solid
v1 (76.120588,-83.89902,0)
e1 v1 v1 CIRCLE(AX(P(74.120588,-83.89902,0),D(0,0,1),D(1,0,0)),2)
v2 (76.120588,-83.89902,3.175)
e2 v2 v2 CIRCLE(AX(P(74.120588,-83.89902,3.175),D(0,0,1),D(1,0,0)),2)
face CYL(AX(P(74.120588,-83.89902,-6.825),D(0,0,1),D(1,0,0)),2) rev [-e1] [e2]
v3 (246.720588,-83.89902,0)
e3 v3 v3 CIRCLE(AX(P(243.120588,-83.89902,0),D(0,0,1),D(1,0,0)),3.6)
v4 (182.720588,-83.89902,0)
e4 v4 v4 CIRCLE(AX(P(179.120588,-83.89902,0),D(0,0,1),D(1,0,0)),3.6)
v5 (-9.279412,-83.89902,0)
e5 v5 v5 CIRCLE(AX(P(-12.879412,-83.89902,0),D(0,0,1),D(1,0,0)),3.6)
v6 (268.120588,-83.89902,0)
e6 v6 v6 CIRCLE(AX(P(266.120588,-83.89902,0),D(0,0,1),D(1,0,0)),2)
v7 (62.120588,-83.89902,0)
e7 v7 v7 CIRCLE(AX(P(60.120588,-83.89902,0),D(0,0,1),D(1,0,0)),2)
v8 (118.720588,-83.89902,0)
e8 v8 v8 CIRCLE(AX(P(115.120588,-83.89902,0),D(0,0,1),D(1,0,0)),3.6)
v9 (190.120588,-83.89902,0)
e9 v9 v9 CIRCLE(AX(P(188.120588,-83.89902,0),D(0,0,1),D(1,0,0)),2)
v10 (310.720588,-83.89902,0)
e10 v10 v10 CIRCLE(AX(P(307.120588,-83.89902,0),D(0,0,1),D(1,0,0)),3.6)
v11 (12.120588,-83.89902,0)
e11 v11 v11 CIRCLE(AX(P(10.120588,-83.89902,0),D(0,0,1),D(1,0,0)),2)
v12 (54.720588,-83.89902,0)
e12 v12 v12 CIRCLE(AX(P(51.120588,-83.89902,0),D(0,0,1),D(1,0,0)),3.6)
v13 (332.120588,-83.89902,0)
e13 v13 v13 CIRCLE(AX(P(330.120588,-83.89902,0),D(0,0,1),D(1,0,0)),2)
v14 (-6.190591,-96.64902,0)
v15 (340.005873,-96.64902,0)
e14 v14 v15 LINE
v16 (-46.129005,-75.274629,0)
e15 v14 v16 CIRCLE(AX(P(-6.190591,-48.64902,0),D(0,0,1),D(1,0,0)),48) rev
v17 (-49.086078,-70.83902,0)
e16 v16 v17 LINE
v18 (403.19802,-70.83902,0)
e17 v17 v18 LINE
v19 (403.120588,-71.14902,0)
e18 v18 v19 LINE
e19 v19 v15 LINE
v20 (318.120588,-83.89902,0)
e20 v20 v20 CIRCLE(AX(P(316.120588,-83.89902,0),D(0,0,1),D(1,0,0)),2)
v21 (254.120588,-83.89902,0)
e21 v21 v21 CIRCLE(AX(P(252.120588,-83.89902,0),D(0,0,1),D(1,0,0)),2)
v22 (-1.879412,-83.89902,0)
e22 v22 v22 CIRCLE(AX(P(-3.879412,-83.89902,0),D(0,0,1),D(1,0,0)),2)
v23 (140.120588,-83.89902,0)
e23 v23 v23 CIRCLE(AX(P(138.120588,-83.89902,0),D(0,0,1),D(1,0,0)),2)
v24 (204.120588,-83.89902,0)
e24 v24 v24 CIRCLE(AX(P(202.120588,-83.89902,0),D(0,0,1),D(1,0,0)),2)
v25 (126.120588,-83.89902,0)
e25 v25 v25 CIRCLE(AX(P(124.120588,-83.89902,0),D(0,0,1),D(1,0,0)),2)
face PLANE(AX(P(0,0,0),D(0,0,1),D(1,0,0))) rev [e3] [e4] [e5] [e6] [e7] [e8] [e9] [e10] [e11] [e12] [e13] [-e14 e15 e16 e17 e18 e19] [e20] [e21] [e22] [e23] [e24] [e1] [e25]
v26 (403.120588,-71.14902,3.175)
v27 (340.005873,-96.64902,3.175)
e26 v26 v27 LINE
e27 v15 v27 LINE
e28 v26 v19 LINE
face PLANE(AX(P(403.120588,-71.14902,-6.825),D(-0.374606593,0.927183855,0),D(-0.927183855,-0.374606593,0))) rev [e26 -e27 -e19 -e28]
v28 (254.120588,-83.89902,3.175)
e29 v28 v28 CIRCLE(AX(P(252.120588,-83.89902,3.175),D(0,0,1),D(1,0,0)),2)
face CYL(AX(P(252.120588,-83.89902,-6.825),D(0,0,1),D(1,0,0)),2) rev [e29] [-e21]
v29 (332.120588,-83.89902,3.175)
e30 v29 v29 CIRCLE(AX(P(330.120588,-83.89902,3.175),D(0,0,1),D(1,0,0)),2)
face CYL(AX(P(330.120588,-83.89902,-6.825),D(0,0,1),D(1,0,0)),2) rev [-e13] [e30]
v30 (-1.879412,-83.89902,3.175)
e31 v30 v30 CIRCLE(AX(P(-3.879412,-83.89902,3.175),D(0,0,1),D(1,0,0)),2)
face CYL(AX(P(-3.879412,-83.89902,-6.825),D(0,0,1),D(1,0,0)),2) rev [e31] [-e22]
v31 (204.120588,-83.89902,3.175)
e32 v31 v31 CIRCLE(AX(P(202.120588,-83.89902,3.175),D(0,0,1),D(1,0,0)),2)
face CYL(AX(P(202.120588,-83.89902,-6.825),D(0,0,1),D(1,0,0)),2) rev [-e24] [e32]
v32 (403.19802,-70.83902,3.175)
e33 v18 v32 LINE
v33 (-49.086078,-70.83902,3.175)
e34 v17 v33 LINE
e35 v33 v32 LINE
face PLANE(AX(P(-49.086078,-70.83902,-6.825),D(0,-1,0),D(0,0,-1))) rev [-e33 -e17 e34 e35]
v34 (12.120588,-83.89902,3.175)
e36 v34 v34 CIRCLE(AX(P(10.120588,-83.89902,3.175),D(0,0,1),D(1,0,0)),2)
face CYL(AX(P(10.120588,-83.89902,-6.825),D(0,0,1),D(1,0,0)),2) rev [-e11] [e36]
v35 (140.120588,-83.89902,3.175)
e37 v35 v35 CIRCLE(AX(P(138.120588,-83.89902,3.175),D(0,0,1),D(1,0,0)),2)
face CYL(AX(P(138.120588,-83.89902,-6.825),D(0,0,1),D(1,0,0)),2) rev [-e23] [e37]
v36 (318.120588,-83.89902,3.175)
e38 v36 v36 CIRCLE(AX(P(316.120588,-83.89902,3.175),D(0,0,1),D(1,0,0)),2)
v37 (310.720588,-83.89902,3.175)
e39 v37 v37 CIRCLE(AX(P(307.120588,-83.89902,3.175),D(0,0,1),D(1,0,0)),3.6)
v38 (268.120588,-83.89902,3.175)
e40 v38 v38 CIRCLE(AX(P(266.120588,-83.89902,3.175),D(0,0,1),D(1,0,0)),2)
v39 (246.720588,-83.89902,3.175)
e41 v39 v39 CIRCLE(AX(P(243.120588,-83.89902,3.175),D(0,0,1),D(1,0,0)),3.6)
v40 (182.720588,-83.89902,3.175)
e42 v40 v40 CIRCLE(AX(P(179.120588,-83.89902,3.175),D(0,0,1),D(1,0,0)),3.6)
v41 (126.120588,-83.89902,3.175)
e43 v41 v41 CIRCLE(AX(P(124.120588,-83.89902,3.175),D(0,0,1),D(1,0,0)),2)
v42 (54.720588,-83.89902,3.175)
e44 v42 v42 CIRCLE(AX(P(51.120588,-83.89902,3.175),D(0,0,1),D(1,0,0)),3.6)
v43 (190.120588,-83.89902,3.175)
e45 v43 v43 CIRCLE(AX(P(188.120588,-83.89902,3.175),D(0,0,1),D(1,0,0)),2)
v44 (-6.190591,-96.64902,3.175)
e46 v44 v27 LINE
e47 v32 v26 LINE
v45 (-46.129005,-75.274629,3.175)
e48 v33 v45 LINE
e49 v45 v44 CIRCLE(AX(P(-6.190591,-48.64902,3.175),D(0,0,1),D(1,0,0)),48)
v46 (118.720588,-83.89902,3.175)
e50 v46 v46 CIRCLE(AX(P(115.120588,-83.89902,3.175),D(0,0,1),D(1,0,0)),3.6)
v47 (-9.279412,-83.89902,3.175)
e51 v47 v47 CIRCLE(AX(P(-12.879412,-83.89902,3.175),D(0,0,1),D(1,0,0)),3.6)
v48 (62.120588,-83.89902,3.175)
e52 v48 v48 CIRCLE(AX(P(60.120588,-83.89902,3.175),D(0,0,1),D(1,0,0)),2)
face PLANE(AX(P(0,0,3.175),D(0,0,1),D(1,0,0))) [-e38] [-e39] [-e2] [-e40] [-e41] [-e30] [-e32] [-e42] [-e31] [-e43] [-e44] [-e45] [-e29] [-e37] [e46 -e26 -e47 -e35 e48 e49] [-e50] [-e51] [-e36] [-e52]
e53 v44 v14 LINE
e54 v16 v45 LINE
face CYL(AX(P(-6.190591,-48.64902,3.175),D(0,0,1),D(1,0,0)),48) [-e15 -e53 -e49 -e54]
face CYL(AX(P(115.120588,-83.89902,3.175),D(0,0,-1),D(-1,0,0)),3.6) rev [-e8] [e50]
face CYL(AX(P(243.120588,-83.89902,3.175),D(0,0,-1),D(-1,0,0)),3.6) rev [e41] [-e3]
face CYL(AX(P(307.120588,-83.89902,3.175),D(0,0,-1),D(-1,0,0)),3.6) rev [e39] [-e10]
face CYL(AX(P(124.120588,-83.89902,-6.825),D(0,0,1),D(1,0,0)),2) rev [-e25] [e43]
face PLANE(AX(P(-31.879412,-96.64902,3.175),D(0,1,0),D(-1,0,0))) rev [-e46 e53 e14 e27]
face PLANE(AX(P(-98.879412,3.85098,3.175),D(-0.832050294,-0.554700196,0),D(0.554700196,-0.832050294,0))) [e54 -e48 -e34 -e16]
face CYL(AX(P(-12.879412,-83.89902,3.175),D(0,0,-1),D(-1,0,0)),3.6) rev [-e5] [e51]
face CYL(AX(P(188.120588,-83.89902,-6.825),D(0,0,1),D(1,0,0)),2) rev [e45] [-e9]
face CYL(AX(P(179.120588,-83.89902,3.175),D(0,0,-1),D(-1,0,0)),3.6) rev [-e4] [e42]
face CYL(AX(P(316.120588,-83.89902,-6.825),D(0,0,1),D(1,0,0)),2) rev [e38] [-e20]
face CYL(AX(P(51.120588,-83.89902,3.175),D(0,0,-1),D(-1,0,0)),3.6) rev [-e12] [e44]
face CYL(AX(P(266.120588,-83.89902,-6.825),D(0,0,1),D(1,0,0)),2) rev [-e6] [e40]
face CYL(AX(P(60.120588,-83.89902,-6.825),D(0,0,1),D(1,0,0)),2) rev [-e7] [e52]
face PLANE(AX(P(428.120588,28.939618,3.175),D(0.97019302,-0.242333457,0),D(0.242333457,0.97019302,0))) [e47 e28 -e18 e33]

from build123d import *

# Parameters (mm, degrees)
BOSS_EXTRUDE1_DEPTH = 3.175
SKETCH1_4_R         = 3.6
CUT_EXTRUDE1_DEPTH  = 439.905857431
FILLET1_R           = 48
CUT_EXTRUDE3_DEPTH  = 10
CUT_EXTRUDE5_DEPTH  = 10
SKETCH11_R          = 2
CUT_EXTRUDE6_DEPTH  = 10


with BuildPart() as part:
    # Sketch1 → Boss-Extrude1 (new body)
    with BuildSketch(Plane.XY):
        Polygon((428.120588235, 28.939617947), (0.540381846, 28.939617947), (-115.605170134, 28.939617947), (-98.879411765, 3.850980392), (-31.879411765, -96.649019608), (366, -96.649019608), (403.120588235, -71.149019608), align=None)
    extrude(amount=BOSS_EXTRUDE1_DEPTH)

    # Sketch1<4> → Cut-Extrude1 (cut, through all)
    with BuildSketch(Plane.XY):
        with Locations((-12.879411765, -83.899019608)):
            Circle(SKETCH1_4_R)
        with Locations((51.120588235, -83.899019608)):
            Circle(SKETCH1_4_R)
        with Locations((115.120588235, -83.899019608)):
            Circle(SKETCH1_4_R)
        with Locations((179.120588235, -83.899019608)):
            Circle(SKETCH1_4_R)
        with Locations((243.120588235, -83.899019608)):
            Circle(SKETCH1_4_R)
        with Locations((307.120588235, -83.899019608)):
            Circle(SKETCH1_4_R)
    extrude(amount=CUT_EXTRUDE1_DEPTH, mode=Mode.SUBTRACT)

    # Fillet1
    fillet1_edges = [part.edges().sort_by_distance(p)[0] for p in [
        (-31.879411765, -96.649019608, 1.5875),
    ]]
    fillet(fillet1_edges, radius=FILLET1_R)

    # Sketch7 → Cut-Extrude3 (cut)
    with BuildSketch(Plane.XY.offset(3.175)):
        Polygon((403.120588235, -71.149019608), (340.005873473, -96.649019608), (366, -96.649019608), align=None)
    extrude(amount=-CUT_EXTRUDE3_DEPTH, mode=Mode.SUBTRACT)

    # Sketch10 → Cut-Extrude5 (cut)
    with BuildSketch(Plane.XY.offset(3.175)):
        Polygon((-49.086078431, -70.839019608), (403.198019602, -70.839019608), (428.120588235, 28.939617947), (-115.605170134, 28.939617947), align=None)
    extrude(amount=-CUT_EXTRUDE5_DEPTH, mode=Mode.SUBTRACT)

    # Sketch11 → Cut-Extrude6 (cut)
    with BuildSketch(Plane.XY.offset(3.175)):
        with Locations((-3.879411765, -83.899019608)):
            Circle(SKETCH11_R)
        with Locations((10.120588235, -83.899019608)):
            Circle(SKETCH11_R)
        with Locations((60.120588235, -83.899019608)):
            Circle(SKETCH11_R)
        with Locations((74.120588235, -83.899019608)):
            Circle(SKETCH11_R)
        with Locations((124.120588235, -83.899019608)):
            Circle(SKETCH11_R)
        with Locations((138.120588235, -83.899019608)):
            Circle(SKETCH11_R)
        with Locations((188.120588235, -83.899019608)):
            Circle(SKETCH11_R)
        with Locations((202.120588235, -83.899019608)):
            Circle(SKETCH11_R)
        with Locations((252.120588235, -83.899019608)):
            Circle(SKETCH11_R)
        with Locations((266.120588235, -83.899019608)):
            Circle(SKETCH11_R)
        with Locations((316.120588235, -83.899019608)):
            Circle(SKETCH11_R)
        with Locations((330.120588235, -83.899019608)):
            Circle(SKETCH11_R)
    extrude(amount=-CUT_EXTRUDE6_DEPTH, mode=Mode.SUBTRACT)


solid = part.part
